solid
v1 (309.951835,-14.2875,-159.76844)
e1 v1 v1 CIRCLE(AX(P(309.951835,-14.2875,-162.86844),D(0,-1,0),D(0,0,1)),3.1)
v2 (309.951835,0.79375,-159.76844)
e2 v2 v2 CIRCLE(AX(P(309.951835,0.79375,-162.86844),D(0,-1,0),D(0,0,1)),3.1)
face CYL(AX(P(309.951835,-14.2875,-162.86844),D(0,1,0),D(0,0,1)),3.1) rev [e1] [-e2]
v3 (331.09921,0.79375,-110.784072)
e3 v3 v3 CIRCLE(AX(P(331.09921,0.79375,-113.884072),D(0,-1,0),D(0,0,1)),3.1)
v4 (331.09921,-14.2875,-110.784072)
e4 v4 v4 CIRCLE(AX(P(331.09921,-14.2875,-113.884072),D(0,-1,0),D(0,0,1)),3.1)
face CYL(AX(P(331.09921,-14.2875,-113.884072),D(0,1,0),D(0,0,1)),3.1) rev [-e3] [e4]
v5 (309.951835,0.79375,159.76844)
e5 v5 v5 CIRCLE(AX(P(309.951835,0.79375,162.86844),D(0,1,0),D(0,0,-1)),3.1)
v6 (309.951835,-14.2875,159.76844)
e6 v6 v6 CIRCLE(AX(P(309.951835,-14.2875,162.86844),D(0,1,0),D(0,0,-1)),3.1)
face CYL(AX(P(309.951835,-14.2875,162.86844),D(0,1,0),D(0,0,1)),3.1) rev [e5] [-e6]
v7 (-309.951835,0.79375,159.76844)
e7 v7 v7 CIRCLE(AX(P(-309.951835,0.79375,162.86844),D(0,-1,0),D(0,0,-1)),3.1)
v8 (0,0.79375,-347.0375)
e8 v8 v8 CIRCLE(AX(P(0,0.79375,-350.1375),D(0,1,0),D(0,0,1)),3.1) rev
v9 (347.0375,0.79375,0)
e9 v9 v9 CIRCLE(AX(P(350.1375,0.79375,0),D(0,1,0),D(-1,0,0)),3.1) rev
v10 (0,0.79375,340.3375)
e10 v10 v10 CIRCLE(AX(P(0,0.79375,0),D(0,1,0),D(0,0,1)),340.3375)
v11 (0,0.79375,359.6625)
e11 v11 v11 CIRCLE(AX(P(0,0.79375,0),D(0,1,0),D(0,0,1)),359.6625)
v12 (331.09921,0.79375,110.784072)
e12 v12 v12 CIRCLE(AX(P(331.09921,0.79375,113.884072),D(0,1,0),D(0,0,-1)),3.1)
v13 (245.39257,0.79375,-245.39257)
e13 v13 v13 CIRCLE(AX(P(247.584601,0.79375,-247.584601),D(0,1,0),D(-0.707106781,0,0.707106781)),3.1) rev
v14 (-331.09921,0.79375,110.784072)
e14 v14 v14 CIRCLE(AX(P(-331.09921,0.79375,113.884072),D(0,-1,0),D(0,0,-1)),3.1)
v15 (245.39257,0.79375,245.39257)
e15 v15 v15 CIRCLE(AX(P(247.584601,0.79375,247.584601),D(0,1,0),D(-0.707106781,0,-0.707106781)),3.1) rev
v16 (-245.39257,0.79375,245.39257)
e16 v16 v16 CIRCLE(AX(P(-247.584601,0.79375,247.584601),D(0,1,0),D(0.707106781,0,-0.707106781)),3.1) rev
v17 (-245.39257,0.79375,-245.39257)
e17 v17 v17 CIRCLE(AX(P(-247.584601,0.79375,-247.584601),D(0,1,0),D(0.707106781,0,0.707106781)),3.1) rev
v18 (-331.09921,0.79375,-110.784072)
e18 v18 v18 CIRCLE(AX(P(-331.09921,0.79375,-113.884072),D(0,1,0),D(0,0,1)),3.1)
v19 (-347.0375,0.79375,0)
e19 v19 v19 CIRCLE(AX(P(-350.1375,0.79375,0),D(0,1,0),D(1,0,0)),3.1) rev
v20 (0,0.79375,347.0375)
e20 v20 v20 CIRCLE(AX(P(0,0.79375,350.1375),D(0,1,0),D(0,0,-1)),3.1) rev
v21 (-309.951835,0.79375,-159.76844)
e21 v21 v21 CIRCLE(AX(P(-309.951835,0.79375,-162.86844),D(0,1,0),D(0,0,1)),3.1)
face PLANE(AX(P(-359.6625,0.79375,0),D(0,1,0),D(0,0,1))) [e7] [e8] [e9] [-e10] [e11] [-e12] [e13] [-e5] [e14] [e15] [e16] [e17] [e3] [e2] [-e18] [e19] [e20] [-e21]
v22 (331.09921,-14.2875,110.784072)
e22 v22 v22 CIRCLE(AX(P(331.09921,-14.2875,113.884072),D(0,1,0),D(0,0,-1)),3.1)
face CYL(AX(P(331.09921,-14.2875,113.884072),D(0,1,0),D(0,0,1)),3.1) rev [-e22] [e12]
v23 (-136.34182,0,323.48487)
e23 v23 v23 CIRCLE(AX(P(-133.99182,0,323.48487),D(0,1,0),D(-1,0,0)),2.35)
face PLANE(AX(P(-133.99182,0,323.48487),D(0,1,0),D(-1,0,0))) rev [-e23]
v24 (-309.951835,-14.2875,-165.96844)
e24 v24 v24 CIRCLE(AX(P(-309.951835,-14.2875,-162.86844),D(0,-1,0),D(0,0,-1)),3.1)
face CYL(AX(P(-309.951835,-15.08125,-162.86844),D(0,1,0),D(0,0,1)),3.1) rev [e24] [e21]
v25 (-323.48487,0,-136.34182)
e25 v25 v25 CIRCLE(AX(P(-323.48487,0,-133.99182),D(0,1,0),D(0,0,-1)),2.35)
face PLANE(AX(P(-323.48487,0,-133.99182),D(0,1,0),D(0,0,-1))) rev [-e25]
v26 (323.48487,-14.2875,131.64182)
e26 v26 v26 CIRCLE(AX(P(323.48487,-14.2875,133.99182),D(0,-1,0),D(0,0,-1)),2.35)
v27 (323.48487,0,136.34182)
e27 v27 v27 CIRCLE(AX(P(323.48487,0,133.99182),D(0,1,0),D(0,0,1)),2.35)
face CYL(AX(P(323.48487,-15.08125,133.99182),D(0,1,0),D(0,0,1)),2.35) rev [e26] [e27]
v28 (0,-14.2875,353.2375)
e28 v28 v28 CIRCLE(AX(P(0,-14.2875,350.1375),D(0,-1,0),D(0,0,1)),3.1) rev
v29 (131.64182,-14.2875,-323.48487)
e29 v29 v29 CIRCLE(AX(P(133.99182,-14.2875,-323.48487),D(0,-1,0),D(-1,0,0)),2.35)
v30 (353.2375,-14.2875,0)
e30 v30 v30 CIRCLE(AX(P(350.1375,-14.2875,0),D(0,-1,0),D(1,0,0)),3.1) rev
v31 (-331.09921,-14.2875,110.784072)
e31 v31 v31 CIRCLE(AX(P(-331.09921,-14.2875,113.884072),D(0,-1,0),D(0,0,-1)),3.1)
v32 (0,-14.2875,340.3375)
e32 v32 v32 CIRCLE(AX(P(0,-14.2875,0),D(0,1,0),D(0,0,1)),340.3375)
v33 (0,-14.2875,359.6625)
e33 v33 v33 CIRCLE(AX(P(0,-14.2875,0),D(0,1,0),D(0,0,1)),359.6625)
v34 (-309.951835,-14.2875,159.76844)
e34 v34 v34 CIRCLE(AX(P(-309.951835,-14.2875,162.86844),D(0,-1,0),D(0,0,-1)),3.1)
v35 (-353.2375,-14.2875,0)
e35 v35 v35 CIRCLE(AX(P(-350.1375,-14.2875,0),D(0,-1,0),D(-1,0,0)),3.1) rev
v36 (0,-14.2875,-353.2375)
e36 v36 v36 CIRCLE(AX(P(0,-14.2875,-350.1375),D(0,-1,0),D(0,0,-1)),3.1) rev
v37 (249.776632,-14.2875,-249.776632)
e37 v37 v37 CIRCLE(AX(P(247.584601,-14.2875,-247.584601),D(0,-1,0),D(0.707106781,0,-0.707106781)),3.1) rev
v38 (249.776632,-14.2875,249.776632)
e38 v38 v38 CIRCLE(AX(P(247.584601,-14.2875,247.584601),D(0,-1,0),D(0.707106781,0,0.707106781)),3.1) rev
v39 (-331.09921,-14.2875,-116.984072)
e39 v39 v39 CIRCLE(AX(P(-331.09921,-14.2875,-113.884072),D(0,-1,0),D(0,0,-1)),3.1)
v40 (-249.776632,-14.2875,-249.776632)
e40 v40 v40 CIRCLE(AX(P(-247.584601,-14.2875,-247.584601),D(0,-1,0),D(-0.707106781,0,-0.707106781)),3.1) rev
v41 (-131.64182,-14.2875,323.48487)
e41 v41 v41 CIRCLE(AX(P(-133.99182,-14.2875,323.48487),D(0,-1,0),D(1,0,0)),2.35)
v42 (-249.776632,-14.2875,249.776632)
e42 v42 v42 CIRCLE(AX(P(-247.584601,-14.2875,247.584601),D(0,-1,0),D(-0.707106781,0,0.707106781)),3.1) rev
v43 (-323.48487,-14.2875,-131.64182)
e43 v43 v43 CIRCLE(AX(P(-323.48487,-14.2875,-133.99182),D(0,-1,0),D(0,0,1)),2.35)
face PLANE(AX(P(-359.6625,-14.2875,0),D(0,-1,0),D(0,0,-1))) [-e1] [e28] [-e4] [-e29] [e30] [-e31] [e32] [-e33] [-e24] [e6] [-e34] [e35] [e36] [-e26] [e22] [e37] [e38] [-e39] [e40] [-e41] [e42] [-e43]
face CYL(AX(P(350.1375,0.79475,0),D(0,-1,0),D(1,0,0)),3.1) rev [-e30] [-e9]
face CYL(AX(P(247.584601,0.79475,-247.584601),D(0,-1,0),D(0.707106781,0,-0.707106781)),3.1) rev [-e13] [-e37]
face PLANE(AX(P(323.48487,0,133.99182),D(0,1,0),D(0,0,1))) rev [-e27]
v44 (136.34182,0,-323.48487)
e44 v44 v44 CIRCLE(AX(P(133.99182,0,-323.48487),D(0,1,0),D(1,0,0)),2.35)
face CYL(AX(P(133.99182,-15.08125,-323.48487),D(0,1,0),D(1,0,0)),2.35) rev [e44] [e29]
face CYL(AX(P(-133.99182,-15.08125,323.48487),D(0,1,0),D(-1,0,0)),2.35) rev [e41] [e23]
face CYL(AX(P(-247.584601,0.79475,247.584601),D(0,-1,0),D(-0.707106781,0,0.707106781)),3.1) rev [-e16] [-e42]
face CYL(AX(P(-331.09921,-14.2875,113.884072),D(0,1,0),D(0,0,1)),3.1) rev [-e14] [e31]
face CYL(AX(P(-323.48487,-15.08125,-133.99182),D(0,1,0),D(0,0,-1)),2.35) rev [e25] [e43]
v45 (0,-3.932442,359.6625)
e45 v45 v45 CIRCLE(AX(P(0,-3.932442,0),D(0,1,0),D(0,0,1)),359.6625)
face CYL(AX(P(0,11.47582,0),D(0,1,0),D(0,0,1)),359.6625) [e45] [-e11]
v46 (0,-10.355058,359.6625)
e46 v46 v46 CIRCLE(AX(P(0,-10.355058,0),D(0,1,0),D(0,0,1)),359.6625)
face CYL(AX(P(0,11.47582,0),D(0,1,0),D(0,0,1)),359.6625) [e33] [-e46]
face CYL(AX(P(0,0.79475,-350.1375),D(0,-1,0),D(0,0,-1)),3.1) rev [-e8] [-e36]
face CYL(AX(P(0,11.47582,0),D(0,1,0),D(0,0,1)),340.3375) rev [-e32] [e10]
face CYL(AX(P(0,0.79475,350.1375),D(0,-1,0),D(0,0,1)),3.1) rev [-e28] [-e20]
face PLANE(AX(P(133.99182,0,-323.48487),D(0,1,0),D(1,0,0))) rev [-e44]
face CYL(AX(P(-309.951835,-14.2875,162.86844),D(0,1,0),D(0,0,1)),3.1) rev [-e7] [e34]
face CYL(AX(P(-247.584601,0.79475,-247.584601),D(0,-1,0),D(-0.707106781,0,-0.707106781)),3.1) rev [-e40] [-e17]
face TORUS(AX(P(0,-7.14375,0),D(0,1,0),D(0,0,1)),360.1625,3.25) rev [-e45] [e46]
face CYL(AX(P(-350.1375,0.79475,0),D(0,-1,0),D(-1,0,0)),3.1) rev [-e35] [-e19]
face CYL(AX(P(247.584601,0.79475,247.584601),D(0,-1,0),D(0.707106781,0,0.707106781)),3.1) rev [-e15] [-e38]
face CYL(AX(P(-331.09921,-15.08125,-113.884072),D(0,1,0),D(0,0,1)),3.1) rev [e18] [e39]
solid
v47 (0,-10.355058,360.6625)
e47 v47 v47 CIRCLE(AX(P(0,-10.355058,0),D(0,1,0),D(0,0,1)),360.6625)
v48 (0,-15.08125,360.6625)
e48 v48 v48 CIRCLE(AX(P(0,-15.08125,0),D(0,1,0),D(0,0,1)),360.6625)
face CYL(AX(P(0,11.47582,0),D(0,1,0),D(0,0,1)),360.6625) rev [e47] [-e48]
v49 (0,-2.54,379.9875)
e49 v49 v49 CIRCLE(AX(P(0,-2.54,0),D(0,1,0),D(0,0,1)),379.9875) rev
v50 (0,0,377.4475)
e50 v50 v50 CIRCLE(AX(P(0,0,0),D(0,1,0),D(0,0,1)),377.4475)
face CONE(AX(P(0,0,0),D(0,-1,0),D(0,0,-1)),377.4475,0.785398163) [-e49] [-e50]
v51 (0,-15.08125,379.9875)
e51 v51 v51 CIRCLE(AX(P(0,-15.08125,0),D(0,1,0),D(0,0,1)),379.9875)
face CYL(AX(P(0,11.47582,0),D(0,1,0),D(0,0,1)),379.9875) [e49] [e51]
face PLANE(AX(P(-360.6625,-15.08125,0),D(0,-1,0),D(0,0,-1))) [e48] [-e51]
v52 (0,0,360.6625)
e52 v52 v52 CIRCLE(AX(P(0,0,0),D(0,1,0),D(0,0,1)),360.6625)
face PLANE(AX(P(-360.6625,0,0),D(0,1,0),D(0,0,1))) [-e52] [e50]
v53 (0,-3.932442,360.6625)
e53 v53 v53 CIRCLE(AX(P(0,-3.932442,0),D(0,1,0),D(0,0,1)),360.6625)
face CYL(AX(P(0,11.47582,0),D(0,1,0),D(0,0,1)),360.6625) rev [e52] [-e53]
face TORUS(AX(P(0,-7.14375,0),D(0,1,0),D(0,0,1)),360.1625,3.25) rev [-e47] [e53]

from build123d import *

# Parameters (mm, degrees)
SKETCH3_R               = 3.1
CUT_EXTRUDE1_DEPTH      = 12.8
CIRPATTERN1_COUNT       = 10
CUT_EXTRUDE2_START      = -15.875
SKETCH4_R               = 3.1
CUT_EXTRUDE2_DEPTH      = 15.08125
CIRPATTERN2_COUNT       = 8
SKETCH9_R               = 2.35
CUT_EXTRUDE5_DEPTH      = 16.08125
CHAMFER2_SIZE           = 2.54
CIRPATTERN7_COUNT       = 4
CUT_EXTRUDE6_START      = -16.08125
SKETCH17_R              = 3.1
CUT_EXTRUDE6_DEPTH      = 17.875
MIRROR2_START           = -16.08125
MIRROR2_COPY_1_SKETCH_R = 3.1
MIRROR2_COPY_1_DEPTH    = 17.875


with BuildPart() as part:
    # Sketch1 → Revolve1 (revolve)
    with BuildSketch(Plane.XY):
        with BuildLine():
            Line((-359.6625, 0.79375), (-359.6625, -3.932441855))
            ThreePointArc((-359.6625, -3.932441855), (-356.9125, -7.14375), (-359.6625, -10.355058145))
            Line((-359.6625, -10.355058145), (-359.6625, -14.2875))
            Line((-359.6625, -14.2875), (-340.3375, -14.2875))
            Line((-340.3375, -14.2875), (-340.3375, 0.79375))
            Line((-340.3375, 0.79375), (-359.6625, 0.79375))
        make_face()
        with BuildLine():
            Line((-360.6625, 0), (-379.9875, 0))
            Line((-379.9875, 0), (-379.9875, -15.08125))
            Line((-379.9875, -15.08125), (-360.6625, -15.08125))
            Line((-360.6625, -15.08125), (-360.6625, -10.355058145))
            ThreePointArc((-360.6625, -10.355058145), (-363.4125, -7.14375), (-360.6625, -3.932441855))
            Line((-360.6625, -3.932441855), (-360.6625, 0))
        make_face()
    revolve(axis=Axis((0, 11.475820001, 0), (0, -1, 0)))

    # Sketch3 → Cut-Extrude1 (cut)
    with BuildSketch(Plane(origin=(0, 0.79375, 0), x_dir=(-1, 0, 0), z_dir=(0, 1, 0))):
        with Locations((0, -389.5125)):
            Circle(SKETCH3_R)
    cut_extrude1 = extrude(amount=-CUT_EXTRUDE1_DEPTH, mode=Mode.SUBTRACT)

    # CirPattern1: Cut-Extrude1 ×10 about axis
    cirpattern1_axis = Axis((0, 273.21725, 0), (0, -1, 0))
    for i in range(1, CIRPATTERN1_COUNT):
        add(cut_extrude1.rotate(cirpattern1_axis, i * 360 / CIRPATTERN1_COUNT), mode=Mode.SUBTRACT)

    # Sketch4 → Cut-Extrude2 (cut)
    with BuildSketch(Plane.XZ.offset(15.08125).offset(CUT_EXTRUDE2_START)):
        with Locations((0, -350.1375)):
            Circle(SKETCH4_R)
    cut_extrude2 = extrude(amount=CUT_EXTRUDE2_DEPTH, mode=Mode.SUBTRACT)

    # CirPattern2: Cut-Extrude2 ×8 about axis
    cirpattern2_axis = Axis((0, 0, 0), (0, 1, 0))
    for i in range(1, CIRPATTERN2_COUNT):
        add(cut_extrude2.rotate(cirpattern2_axis, i * 360 / CIRPATTERN2_COUNT), mode=Mode.SUBTRACT)

    # Sketch9 → Cut-Extrude5 (cut, through all)
    with BuildSketch(Plane(origin=(0, 0, 0), x_dir=(-1, 0, 0), z_dir=(0, 1, 0))):
        with Locations((-323.484869815, 133.9918203)):
            Circle(SKETCH9_R)
    cut_extrude5 = extrude(amount=-CUT_EXTRUDE5_DEPTH, mode=Mode.SUBTRACT)

    # Chamfer2
    chamfer2_edges = [part.edges().sort_by_distance(p)[0] for p in [
        (379.9875, 0, 0),
    ]]
    chamfer(chamfer2_edges, length=CHAMFER2_SIZE)

    # CirPattern7: Cut-Extrude5 ×4 about axis
    cirpattern7_axis = Axis((0, 0, 0), (0, 1, 0))
    for i in range(1, CIRPATTERN7_COUNT):
        add(cut_extrude5.rotate(cirpattern7_axis, i * 360 / CIRPATTERN7_COUNT), mode=Mode.SUBTRACT)

    # Sketch17 → Cut-Extrude6 (cut)
    with BuildSketch(Plane(origin=(0, 0, 0), x_dir=(1, 0, 0), z_dir=(0, 1, 0)).offset(CUT_EXTRUDE6_START)):
        with Locations((-309.951835339, 162.86843978)):
            Circle(SKETCH17_R)
        with Locations((-331.099210438, 113.884071554)):
            Circle(SKETCH17_R)
    cut_extrude6 = extrude(amount=CUT_EXTRUDE6_DEPTH, mode=Mode.SUBTRACT)

    # Mirror1: Cut-Extrude6 across plane
    add(cut_extrude6.mirror(Plane(origin=(0, 0, 0), x_dir=(0, 0, 1), z_dir=(1, 0, 0))), mode=Mode.SUBTRACT)

    # Mirror2: Cut-Extrude6 across plane
    add(cut_extrude6.mirror(Plane.XY), mode=Mode.SUBTRACT)

    # Mirror2 copy 1 sketch → Mirror2 copy 1 (cut)
    with BuildSketch(Plane(origin=(0, 0, 0), x_dir=(-1, 0, 0), z_dir=(0, 1, 0)).offset(MIRROR2_START)):
        with Locations((-309.951835339, 162.86843978)):
            Circle(MIRROR2_COPY_1_SKETCH_R)
        with Locations((-331.099210438, 113.884071554)):
            Circle(MIRROR2_COPY_1_SKETCH_R)
    extrude(amount=MIRROR2_COPY_1_DEPTH, mode=Mode.SUBTRACT)


solid = part.part
